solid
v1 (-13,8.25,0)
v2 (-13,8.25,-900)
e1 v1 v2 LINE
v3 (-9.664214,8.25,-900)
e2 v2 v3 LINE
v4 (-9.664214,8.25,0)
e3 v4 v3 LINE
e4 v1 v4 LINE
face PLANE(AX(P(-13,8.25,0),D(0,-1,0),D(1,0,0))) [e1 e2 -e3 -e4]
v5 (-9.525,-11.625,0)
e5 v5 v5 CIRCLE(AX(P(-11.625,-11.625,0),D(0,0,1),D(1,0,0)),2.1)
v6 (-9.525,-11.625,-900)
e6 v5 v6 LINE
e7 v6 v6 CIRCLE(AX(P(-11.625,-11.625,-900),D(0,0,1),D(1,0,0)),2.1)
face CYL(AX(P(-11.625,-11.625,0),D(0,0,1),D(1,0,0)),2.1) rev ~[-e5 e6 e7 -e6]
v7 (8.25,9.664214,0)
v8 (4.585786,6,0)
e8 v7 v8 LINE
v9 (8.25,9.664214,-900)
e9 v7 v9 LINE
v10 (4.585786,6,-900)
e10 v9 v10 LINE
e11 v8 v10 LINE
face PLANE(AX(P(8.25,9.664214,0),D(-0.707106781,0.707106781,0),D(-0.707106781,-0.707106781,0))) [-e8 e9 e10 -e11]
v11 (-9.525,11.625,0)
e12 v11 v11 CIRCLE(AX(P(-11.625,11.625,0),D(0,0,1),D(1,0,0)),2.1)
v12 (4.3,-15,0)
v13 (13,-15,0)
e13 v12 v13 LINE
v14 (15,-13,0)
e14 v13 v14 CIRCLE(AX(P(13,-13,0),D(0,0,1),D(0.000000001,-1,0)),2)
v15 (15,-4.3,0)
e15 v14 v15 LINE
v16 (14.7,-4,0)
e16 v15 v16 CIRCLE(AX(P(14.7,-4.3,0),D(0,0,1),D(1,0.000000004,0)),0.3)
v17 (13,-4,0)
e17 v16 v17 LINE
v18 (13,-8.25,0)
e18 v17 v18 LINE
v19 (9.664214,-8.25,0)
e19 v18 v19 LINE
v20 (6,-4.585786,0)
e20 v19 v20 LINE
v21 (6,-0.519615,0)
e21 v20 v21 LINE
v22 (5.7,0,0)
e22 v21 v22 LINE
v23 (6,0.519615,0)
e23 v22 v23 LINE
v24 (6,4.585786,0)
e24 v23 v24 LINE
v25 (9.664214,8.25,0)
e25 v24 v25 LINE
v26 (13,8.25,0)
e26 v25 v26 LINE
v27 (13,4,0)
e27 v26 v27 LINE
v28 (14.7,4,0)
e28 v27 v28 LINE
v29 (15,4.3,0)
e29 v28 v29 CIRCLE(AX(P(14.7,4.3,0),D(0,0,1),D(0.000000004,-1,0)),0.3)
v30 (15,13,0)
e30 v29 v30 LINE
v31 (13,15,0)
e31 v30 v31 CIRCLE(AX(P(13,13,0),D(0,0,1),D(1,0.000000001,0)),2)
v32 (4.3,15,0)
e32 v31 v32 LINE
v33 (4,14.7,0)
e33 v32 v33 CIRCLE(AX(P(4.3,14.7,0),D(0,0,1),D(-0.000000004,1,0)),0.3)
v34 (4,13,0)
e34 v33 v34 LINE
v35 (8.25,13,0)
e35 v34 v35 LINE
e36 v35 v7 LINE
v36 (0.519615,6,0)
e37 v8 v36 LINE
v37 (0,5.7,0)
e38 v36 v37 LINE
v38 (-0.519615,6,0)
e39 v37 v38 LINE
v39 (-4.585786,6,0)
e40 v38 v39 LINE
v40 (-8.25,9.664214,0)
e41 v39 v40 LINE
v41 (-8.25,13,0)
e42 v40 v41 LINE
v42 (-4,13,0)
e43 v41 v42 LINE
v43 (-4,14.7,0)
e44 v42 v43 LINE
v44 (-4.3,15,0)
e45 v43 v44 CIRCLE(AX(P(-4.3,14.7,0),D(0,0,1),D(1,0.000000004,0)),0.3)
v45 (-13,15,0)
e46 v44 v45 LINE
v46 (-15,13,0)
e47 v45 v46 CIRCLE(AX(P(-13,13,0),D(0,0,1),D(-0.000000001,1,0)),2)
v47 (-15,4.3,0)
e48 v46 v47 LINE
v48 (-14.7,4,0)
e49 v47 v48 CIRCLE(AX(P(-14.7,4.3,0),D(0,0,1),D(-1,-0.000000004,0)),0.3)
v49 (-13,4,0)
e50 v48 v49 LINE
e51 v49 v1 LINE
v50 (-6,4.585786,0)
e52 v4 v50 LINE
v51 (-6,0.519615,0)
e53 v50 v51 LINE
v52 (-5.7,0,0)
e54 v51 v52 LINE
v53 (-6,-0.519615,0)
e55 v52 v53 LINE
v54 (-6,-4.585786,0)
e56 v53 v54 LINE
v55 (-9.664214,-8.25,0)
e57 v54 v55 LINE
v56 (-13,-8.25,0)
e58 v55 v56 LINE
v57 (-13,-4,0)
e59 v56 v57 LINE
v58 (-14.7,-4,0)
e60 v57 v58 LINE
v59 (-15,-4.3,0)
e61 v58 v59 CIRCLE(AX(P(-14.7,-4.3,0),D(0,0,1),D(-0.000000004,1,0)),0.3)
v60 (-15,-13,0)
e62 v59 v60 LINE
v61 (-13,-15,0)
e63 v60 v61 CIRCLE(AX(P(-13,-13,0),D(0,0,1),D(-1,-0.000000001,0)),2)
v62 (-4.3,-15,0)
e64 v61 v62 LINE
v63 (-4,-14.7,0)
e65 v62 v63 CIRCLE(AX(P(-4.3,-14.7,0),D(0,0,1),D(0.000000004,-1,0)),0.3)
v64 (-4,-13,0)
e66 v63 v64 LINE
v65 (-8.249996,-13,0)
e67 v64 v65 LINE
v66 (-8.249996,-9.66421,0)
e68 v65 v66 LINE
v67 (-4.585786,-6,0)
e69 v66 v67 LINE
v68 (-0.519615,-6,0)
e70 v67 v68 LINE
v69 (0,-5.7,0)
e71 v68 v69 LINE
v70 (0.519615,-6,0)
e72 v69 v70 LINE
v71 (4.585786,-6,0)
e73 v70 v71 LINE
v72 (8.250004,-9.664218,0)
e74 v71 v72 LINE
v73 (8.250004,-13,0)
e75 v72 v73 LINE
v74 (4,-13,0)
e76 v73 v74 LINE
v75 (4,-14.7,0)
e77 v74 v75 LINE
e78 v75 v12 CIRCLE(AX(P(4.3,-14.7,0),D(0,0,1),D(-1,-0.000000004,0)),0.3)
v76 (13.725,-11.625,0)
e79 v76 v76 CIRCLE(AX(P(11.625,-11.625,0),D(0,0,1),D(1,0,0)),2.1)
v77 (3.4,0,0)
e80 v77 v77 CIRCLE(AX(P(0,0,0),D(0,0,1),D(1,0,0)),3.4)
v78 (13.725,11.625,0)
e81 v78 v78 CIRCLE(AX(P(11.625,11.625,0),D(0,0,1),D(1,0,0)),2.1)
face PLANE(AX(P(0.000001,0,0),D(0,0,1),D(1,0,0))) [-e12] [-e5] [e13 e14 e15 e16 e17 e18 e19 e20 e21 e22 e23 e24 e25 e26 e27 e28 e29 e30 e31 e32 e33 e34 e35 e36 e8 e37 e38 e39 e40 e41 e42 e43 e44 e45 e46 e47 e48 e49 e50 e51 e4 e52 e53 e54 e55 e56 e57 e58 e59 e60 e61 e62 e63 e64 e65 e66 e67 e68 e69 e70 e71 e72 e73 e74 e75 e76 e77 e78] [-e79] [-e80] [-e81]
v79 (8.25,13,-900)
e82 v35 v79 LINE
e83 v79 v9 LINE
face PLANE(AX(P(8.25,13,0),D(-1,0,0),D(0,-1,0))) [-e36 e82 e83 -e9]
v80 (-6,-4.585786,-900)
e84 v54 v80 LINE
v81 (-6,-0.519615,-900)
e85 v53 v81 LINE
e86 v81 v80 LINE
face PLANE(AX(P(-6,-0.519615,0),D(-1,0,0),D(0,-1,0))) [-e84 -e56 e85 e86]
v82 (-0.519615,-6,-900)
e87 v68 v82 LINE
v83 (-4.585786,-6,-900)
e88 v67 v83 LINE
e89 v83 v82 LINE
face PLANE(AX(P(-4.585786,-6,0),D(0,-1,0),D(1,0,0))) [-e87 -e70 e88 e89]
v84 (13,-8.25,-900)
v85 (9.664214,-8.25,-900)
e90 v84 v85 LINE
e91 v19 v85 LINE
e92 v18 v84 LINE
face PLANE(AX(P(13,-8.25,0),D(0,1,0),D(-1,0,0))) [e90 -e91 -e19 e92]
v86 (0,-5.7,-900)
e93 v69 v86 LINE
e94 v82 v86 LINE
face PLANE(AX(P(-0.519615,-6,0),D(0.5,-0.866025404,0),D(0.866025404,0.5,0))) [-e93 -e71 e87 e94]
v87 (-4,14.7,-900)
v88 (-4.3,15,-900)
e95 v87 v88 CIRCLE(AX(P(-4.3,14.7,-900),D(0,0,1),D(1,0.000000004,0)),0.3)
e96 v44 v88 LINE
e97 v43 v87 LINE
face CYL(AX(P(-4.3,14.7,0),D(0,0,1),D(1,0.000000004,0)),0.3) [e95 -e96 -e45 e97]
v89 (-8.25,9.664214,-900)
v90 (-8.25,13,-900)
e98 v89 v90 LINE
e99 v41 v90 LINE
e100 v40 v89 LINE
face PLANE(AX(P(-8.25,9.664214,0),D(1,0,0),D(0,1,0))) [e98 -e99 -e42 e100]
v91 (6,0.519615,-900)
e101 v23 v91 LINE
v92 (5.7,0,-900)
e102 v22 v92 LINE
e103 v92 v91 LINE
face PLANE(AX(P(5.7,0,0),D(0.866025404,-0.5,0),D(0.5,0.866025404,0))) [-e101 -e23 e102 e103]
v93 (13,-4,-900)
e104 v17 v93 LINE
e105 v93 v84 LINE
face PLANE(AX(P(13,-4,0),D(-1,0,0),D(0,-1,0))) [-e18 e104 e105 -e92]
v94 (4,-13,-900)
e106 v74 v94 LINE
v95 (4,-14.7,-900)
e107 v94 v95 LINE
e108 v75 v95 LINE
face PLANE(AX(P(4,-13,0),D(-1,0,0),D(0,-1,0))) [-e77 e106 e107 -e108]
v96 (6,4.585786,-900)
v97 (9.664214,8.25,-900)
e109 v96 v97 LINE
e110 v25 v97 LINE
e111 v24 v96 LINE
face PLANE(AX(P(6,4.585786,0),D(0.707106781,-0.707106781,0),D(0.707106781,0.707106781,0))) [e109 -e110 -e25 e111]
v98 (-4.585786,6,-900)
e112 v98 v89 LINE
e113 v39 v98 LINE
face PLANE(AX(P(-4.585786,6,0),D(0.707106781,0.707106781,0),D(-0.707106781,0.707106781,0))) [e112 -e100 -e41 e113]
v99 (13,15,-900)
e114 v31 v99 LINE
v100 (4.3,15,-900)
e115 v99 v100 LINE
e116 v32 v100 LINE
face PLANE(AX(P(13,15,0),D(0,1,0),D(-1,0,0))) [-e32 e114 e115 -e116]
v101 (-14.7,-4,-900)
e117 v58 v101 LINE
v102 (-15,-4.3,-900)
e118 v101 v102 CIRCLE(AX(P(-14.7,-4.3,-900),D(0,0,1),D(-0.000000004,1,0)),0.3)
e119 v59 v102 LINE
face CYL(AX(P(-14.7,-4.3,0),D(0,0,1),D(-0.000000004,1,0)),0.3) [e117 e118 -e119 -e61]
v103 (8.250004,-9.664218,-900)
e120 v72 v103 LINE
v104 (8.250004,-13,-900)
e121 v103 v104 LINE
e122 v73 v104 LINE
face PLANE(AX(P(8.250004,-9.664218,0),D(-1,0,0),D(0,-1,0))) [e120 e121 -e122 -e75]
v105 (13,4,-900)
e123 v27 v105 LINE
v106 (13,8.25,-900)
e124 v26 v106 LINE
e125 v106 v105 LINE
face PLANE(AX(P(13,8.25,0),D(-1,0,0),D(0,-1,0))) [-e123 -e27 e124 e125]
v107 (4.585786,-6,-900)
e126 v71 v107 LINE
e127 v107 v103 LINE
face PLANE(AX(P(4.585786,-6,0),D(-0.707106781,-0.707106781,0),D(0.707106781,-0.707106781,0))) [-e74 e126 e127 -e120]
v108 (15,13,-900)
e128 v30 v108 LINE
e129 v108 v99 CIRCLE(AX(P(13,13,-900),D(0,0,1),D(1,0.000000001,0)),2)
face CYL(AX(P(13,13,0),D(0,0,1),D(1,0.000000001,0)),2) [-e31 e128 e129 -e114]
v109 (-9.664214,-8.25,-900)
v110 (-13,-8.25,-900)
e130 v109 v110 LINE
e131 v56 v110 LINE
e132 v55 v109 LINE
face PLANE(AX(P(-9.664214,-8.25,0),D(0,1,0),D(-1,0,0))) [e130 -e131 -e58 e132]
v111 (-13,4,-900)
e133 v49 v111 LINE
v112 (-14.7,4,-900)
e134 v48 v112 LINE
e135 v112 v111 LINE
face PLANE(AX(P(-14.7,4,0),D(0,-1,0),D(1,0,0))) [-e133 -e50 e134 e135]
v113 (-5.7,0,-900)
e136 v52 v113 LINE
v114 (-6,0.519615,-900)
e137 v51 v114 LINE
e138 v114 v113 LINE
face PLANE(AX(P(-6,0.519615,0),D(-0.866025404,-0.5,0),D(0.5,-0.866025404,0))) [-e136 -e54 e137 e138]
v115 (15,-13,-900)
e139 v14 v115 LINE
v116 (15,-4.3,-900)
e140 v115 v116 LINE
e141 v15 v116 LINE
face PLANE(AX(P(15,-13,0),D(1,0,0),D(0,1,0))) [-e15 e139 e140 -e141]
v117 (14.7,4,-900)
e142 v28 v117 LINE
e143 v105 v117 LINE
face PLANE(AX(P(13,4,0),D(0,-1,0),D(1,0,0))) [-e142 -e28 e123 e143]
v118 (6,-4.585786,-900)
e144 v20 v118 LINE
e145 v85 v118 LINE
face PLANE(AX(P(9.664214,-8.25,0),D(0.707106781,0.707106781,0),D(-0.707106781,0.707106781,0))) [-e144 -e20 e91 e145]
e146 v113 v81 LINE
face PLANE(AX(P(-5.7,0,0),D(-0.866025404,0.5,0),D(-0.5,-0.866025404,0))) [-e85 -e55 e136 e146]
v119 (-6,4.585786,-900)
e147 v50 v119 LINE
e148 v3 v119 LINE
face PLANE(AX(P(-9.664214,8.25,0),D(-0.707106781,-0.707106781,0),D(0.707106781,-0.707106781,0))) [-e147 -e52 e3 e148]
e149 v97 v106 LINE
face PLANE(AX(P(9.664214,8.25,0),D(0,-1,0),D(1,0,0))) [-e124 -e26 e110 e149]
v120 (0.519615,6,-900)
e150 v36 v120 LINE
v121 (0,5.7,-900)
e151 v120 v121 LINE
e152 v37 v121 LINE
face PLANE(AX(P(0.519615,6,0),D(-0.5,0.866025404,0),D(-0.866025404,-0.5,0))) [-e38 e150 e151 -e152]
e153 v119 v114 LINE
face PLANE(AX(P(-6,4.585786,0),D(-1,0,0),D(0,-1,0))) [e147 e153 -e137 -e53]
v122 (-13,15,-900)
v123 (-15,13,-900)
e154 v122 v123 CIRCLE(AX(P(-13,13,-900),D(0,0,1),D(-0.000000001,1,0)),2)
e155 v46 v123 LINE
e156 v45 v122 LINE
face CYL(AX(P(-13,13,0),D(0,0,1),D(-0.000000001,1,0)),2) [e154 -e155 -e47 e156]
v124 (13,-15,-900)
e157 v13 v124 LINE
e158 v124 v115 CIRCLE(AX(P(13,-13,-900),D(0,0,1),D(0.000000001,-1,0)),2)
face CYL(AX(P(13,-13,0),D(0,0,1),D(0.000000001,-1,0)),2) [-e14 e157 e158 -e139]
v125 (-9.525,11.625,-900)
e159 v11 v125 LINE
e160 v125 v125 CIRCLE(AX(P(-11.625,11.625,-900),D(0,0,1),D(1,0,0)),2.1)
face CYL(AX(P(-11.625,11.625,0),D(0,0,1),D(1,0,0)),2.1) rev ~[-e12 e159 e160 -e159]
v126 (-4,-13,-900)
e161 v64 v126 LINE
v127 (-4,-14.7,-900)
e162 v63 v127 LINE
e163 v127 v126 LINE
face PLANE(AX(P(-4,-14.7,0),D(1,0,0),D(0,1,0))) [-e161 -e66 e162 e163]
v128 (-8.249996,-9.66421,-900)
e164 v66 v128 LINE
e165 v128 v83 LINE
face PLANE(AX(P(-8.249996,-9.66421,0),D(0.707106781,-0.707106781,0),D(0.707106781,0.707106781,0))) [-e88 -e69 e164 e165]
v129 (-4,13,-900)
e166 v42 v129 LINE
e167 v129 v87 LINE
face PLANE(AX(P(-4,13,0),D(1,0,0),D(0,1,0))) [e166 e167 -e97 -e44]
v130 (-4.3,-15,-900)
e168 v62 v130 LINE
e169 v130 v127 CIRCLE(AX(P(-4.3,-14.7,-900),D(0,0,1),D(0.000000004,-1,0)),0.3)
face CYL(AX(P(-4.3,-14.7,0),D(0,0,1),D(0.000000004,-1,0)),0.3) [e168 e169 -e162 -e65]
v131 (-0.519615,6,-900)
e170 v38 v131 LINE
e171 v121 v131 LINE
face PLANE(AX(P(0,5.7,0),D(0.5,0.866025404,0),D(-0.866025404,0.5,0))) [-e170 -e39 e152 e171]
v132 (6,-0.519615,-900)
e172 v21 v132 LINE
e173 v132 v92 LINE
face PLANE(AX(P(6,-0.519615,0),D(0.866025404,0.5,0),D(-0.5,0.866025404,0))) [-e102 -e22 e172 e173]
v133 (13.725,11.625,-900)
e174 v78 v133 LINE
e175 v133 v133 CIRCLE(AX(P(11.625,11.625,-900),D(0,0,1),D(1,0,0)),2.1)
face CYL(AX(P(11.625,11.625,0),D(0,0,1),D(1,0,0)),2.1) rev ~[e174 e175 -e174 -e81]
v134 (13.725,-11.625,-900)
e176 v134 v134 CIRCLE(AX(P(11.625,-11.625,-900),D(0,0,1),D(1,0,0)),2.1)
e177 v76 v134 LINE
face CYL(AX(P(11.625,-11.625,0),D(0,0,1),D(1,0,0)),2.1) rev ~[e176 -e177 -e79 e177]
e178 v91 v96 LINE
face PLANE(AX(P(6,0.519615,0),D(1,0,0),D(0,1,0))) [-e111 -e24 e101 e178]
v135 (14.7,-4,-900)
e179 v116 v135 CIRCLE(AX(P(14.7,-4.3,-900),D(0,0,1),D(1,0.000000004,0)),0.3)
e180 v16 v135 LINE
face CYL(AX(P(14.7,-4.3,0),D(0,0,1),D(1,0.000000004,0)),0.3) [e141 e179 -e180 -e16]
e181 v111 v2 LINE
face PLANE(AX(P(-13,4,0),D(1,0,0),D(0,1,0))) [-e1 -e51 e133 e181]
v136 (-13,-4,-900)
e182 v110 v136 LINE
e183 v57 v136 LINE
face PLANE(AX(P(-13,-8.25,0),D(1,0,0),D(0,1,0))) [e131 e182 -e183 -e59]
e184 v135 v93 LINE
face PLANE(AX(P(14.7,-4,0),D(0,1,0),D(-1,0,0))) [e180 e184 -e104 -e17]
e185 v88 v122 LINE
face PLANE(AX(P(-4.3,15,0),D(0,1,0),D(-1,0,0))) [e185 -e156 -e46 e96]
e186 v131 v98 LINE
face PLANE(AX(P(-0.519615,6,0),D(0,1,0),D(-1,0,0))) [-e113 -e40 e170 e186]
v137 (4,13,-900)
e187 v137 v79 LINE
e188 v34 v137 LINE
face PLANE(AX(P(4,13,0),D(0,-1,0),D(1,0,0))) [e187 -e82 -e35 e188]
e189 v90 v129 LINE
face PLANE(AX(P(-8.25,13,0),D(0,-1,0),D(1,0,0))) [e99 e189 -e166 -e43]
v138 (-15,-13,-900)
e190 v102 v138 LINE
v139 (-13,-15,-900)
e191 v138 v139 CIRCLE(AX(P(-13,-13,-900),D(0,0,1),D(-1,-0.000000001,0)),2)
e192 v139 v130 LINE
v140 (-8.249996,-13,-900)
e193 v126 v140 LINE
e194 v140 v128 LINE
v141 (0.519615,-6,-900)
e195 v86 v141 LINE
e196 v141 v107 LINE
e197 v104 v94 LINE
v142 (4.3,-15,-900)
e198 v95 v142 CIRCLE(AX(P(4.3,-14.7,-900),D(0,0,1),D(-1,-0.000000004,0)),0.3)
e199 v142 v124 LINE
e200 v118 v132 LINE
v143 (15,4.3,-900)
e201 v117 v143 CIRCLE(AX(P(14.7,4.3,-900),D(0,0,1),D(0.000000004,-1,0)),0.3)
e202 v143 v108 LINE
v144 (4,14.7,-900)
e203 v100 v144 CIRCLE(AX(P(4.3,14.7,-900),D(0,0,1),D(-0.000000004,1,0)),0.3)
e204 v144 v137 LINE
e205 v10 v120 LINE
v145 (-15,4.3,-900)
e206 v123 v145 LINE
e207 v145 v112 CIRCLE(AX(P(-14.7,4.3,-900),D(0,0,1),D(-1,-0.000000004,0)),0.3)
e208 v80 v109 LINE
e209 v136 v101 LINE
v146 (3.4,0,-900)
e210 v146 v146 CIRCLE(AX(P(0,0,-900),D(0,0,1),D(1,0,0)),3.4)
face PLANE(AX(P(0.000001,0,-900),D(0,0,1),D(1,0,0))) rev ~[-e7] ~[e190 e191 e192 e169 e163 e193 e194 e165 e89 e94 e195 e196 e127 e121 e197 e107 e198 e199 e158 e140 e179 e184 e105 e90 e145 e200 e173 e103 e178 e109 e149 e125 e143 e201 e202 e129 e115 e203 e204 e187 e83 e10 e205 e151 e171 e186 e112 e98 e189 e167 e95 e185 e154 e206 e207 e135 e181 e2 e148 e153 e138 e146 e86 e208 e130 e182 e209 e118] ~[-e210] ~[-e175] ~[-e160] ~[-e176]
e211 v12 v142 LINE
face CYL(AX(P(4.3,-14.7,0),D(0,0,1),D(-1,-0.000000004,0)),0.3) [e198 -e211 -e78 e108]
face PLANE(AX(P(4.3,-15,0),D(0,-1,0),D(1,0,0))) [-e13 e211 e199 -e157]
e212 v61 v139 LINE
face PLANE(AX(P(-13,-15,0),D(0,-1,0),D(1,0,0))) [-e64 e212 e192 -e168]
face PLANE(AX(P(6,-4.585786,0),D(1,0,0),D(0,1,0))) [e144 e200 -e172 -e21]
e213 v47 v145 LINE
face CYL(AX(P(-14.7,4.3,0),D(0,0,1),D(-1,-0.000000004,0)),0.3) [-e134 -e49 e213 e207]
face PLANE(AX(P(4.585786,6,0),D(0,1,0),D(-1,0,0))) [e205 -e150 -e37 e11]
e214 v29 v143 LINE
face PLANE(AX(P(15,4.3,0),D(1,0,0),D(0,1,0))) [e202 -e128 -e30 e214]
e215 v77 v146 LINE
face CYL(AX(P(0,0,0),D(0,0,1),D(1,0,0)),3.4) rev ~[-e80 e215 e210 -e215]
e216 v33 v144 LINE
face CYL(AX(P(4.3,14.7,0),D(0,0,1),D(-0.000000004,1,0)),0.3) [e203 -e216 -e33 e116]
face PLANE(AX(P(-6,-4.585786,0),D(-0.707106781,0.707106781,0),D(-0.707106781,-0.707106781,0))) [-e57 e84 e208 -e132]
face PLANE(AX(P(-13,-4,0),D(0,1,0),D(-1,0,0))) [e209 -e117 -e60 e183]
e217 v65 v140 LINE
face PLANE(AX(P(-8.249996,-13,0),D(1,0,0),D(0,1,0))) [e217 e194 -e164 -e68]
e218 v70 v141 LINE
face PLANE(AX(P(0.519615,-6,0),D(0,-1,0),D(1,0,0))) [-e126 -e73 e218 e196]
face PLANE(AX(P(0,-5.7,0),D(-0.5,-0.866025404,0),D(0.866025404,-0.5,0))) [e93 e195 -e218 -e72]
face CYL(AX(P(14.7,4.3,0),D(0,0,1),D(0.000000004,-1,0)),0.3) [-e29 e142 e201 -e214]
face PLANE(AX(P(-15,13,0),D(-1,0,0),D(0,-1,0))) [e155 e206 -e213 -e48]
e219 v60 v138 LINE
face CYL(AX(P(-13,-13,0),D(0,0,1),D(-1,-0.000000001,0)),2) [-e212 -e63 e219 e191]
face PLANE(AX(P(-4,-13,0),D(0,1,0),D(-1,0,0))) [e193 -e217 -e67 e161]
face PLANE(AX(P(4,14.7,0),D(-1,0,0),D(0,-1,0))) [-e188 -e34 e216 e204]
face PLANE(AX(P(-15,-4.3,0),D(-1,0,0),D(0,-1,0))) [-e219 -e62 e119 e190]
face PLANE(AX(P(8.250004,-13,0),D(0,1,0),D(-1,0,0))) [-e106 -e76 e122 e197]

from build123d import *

# Parameters (mm, degrees)
SKETCH1_R           = 2.1
SKETCH1_R_2         = 3.4
BOSS_EXTRUDE1_DEPTH = 900


with BuildPart() as part:
    # Sketch1 → Boss-Extrude1 (new body)
    with BuildSketch(Plane.XY):
        with BuildLine():
            Line((-15, -4.3), (-15, -13))
            ThreePointArc((-15, -13), (-14.414213562, -14.414213562), (-13, -15))
            Line((-13, -15), (-4.3, -15))
            ThreePointArc((-4.3, -15), (-4.087867966, -14.912132034), (-4, -14.7))
            Line((-4, -14.7), (-4, -13))
            Line((-4, -13), (-8.249996, -13))
            Line((-8.249996, -13), (-8.249996, -9.664209562))
            Line((-8.249996, -9.664209562), (-4.585786438, -6))
            Line((-4.585786438, -6), (-0.519615242, -6))
            Line((-0.519615242, -6), (0, -5.7))
            Line((0, -5.7), (0.519615242, -6))
            Line((0.519615242, -6), (4.585786438, -6))
            Line((4.585786438, -6), (8.250004, -9.664217562))
            Line((8.250004, -9.664217562), (8.250004, -13))
            Line((8.250004, -13), (4, -13))
            Line((4, -13), (4, -14.7))
            ThreePointArc((4, -14.7), (4.087867966, -14.912132034), (4.3, -15))
            Line((4.3, -15), (13, -15))
            ThreePointArc((13, -15), (14.414213562, -14.414213562), (15, -13))
            Line((15, -13), (15, -4.3))
            ThreePointArc((15, -4.3), (14.912132034, -4.087867966), (14.7, -4))
            Line((14.7, -4), (13, -4))
            Line((13, -4), (13, -8.25))
            Line((13, -8.25), (9.664213562, -8.25))
            Line((9.664213562, -8.25), (6, -4.585786438))
            Line((6, -4.585786438), (6, -0.519615242))
            Line((6, -0.519615242), (5.7, 0))
            Line((5.7, 0), (6, 0.519615242))
            Line((6, 0.519615242), (6, 4.585786438))
            Line((6, 4.585786438), (9.664213562, 8.25))
            Line((9.664213562, 8.25), (13, 8.25))
            Line((13, 8.25), (13, 4))
            Line((13, 4), (14.7, 4))
            ThreePointArc((14.7, 4), (14.912132034, 4.087867966), (15, 4.3))
            Line((15, 4.3), (15, 13))
            ThreePointArc((15, 13), (14.414213562, 14.414213562), (13, 15))
            Line((13, 15), (4.3, 15))
            ThreePointArc((4.3, 15), (4.087867966, 14.912132034), (4, 14.7))
            Line((4, 14.7), (4, 13))
            Line((4, 13), (8.25, 13))
            Line((8.25, 13), (8.25, 9.664213562))
            Line((8.25, 9.664213562), (4.585786438, 6))
            Line((4.585786438, 6), (0.519615242, 6))
            Line((0.519615242, 6), (0, 5.7))
            Line((0, 5.7), (-0.519615242, 6))
            Line((-0.519615242, 6), (-4.585786438, 6))
            Line((-4.585786438, 6), (-8.25, 9.664213562))
            Line((-8.25, 9.664213562), (-8.25, 13))
            Line((-8.25, 13), (-4, 13))
            Line((-4, 13), (-4, 14.7))
            ThreePointArc((-4, 14.7), (-4.087867966, 14.912132034), (-4.3, 15))
            Line((-4.3, 15), (-13, 15))
            ThreePointArc((-13, 15), (-14.414213562, 14.414213562), (-15, 13))
            Line((-15, 13), (-15, 4.3))
            ThreePointArc((-15, 4.3), (-14.912132034, 4.087867966), (-14.7, 4))
            Line((-14.7, 4), (-13, 4))
            Line((-13, 4), (-13, 8.25))
            Line((-13, 8.25), (-9.664213562, 8.25))
            Line((-9.664213562, 8.25), (-6, 4.585786438))
            Line((-6, 4.585786438), (-6, 0.519615242))
            Line((-6, 0.519615242), (-5.7, 0))
            Line((-5.7, 0), (-6, -0.519615242))
            Line((-6, -0.519615242), (-6, -4.585786438))
            Line((-6, -4.585786438), (-9.664213562, -8.25))
            Line((-9.664213562, -8.25), (-13, -8.25))
            Line((-13, -8.25), (-13, -4))
            Line((-13, -4), (-14.7, -4))
            ThreePointArc((-14.7, -4), (-14.912132034, -4.087867966), (-15, -4.3))
        make_face()
        with Locations((11.625, -11.625)):
            Circle(SKETCH1_R, mode=Mode.SUBTRACT)
        with Locations((11.625, 11.625)):
            Circle(SKETCH1_R, mode=Mode.SUBTRACT)
        Circle(SKETCH1_R_2, mode=Mode.SUBTRACT)
        with Locations((-11.625, -11.625)):
            Circle(SKETCH1_R, mode=Mode.SUBTRACT)
        with Locations((-11.625, 11.625)):
            Circle(SKETCH1_R, mode=Mode.SUBTRACT)
    extrude(amount=-BOSS_EXTRUDE1_DEPTH)


solid = part.part
